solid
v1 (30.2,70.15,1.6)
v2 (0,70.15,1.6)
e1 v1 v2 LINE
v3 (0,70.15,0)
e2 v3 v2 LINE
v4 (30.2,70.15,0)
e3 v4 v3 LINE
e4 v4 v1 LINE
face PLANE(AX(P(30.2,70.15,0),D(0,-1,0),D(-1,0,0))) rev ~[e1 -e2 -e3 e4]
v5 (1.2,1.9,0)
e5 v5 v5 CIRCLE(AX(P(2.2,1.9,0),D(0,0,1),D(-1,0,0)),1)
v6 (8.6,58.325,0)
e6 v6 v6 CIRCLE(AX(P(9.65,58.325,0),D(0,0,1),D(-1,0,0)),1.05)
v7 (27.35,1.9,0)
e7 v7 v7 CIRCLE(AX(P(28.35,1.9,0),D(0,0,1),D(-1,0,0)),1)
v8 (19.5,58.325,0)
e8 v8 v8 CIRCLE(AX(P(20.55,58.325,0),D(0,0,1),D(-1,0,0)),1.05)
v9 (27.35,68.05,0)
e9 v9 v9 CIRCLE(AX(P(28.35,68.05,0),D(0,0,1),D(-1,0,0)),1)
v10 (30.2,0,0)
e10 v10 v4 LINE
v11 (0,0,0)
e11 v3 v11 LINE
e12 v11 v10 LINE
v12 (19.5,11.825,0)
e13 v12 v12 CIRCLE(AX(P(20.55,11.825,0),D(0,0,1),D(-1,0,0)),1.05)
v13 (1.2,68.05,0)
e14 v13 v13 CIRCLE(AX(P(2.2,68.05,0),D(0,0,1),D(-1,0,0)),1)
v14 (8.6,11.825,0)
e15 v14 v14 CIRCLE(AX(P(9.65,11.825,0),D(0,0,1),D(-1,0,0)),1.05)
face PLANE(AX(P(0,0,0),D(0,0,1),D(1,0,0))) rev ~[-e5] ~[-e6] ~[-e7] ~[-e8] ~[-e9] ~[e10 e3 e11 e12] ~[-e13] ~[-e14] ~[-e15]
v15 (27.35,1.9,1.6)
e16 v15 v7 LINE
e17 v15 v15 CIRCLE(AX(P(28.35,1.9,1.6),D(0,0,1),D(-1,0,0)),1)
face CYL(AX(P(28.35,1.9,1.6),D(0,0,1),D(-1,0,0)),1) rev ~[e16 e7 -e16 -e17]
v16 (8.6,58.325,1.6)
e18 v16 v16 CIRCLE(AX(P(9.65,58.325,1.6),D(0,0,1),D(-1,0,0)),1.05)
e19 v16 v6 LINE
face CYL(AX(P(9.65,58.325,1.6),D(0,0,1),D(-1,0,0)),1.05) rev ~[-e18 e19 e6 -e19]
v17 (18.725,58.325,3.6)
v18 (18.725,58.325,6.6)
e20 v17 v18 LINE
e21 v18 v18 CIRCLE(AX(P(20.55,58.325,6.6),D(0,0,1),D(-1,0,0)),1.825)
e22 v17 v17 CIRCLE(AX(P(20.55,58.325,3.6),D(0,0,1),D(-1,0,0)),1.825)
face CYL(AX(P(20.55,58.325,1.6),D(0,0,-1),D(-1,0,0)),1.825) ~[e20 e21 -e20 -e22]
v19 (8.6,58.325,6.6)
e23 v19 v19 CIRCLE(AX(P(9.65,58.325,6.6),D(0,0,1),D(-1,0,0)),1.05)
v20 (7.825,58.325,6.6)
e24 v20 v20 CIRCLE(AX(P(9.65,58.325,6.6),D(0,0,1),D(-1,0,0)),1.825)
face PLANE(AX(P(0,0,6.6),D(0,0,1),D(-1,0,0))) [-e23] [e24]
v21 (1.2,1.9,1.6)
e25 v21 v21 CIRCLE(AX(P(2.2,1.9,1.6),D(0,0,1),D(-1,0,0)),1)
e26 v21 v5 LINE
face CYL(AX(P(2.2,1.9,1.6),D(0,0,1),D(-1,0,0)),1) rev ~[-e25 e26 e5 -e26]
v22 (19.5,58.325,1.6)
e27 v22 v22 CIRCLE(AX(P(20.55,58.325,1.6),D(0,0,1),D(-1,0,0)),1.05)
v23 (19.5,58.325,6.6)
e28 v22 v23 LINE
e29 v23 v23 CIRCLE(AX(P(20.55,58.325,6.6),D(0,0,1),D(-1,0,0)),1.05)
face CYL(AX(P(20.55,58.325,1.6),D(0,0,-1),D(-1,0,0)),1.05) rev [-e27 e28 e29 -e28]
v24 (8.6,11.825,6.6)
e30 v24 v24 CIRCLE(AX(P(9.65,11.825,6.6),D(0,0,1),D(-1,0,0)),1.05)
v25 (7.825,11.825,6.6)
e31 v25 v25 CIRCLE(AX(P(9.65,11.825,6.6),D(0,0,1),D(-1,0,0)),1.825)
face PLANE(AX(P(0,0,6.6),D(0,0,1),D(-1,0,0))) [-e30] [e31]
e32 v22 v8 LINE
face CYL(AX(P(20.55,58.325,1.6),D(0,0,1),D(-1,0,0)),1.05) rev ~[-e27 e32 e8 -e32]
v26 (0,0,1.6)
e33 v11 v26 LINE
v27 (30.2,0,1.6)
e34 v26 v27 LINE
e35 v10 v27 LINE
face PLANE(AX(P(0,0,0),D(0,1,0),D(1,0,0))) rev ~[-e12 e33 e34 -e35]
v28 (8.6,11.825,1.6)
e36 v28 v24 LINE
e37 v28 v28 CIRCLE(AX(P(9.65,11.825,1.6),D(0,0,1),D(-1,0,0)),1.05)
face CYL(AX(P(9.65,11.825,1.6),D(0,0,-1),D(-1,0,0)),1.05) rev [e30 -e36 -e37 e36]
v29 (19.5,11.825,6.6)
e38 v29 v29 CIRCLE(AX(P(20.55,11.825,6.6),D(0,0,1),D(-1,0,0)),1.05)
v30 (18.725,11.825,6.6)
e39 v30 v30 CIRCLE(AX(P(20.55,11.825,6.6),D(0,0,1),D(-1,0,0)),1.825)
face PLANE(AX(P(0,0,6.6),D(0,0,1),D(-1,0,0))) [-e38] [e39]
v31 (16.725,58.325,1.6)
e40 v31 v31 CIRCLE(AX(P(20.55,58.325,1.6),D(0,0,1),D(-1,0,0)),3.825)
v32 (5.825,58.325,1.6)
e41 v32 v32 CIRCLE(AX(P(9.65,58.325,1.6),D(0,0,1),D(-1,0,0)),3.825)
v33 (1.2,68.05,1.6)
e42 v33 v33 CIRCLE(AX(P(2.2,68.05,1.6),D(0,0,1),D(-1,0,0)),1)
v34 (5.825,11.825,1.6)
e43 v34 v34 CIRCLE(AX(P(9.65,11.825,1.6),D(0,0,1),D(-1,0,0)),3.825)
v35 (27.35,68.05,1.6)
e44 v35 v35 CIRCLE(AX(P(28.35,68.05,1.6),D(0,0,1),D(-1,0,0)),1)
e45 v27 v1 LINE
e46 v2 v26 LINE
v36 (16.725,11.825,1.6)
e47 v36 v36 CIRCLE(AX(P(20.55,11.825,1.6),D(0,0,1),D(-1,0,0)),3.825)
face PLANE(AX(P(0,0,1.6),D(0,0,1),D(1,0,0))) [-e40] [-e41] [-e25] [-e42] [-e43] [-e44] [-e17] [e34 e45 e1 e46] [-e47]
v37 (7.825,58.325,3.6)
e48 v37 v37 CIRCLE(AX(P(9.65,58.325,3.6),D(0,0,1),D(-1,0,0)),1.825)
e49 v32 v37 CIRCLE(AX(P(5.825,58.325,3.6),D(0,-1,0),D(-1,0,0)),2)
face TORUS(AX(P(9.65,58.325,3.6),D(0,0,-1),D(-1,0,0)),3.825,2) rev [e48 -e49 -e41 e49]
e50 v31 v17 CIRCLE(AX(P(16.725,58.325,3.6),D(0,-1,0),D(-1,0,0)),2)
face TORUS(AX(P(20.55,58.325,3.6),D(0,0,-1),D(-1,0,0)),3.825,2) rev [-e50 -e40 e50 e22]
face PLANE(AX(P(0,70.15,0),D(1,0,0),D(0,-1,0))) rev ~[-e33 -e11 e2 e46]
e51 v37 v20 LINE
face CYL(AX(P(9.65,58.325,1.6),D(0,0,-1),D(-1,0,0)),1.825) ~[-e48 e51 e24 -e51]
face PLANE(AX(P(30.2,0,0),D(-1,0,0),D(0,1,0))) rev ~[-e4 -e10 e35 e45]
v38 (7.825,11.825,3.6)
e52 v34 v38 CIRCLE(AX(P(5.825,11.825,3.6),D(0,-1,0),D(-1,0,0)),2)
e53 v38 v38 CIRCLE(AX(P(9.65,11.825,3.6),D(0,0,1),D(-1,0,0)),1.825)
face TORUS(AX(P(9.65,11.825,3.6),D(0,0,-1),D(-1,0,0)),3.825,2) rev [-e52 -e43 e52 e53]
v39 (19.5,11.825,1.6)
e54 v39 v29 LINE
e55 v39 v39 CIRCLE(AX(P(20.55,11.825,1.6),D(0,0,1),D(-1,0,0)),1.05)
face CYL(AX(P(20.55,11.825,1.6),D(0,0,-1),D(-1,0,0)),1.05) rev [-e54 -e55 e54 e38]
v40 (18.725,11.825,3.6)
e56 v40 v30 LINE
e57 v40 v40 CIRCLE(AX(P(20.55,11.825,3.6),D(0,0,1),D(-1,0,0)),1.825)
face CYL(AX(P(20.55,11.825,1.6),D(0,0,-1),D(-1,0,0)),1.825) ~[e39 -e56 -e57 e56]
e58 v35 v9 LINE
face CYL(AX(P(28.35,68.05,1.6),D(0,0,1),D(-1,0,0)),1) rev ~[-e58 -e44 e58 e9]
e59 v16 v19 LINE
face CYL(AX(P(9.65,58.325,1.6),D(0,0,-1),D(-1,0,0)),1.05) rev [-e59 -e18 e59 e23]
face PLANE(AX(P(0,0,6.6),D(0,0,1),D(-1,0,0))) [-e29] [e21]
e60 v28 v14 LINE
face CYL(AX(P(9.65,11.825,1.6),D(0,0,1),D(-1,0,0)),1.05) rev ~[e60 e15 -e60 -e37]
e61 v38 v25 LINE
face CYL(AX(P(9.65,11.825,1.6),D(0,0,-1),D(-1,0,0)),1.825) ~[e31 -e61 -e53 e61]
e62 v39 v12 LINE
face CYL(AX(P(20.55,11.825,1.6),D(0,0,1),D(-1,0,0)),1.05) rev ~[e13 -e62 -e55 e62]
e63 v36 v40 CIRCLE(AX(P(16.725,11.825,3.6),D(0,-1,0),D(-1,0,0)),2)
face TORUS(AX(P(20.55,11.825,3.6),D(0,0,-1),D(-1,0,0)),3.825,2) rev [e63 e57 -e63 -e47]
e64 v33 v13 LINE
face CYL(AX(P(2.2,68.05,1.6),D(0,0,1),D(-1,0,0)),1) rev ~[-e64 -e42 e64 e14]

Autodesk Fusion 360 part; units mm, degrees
sketch "Sketch1" plane through (0, 0, 0) normal (0, 0, 1) x (1, 0, 0)
  line L0 (0, 0) -> (30.2, 0)
  line L1 (30.2, 0) -> (30.2, 70.15)
  line L2 (30.2, 70.15) -> (0, 70.15)
  line L3 (0, 70.15) -> (0, 0)
  dimension "d1" = 30.2
  dimension "d2" = 70.15
extrude "Extrude1" add sketch "Sketch1" along normal blind 1.6
sketch "Sketch3" plane through (0, 0, 1.6) normal (0, 0, 1) x (-1, 0, 0)
  line L0 (0, -70.15) -> (0, 0)
  line L1 (0, 0) -> (-30.2, 0)
  line L2 (-30.2, 0) -> (-30.2, -70.15)
  line L3 (-30.2, -70.15) -> (0, -70.15)
  circle A0 centre (-2.2, -68.05) radius 1
  circle A1 centre (-28.35, -68.05) radius 1
  circle A2 centre (-2.2, -1.9) radius 1
  circle A3 centre (-28.35, -1.9) radius 1
  dimension "d7" = 2
  dimension "d12" = -26.15
  dimension "d13" = 66.15
  dimension "d16" = 2.2
  dimension "d17" = 2.1
extrude "Extrude2" cut sketch "Sketch3" against normal blind 1.6 contours A0 | A1 | A2 | A3
sketch "Sketch5" plane through (0, 0, 1.6) normal (0, 0, 1) x (-1, 0, 0)
  circle A0 centre (-2.2, -1.9) radius 1
  circle A1 centre (-28.35, -68.05) radius 1
  circle A2 centre (-28.35, -1.9) radius 1
  circle A3 centre (-2.2, -68.05) radius 1
  line L0 (0, -70.15) -> (0, 0)
  line L1 (0, 0) -> (-30.2, 0)
  line L2 (-30.2, 0) -> (-30.2, -70.15)
  line L3 (-30.2, -70.15) -> (0, -70.15)
  line L4 (-9.65, -58.325) -> (-20.55, -58.325) construction
  line L5 (-20.55, -58.325) -> (-20.55, -11.825) construction
  line L6 (-20.55, -11.825) -> (-9.65, -11.825) construction
  line L7 (-9.65, -11.825) -> (-9.65, -58.325) construction
  line L8 (-15.1, -70.15) -> (-15.1, 0) construction
  line L9 (0, -35.075) -> (-30.2, -35.075) construction
  line L10 (-9.65, -35.075) -> (-20.55, -35.075) construction
  line L11 (-15.1, -58.325) -> (-15.1, -11.825) construction
  circle A4 centre (-9.65, -58.325) radius 1.05
  circle A5 centre (-20.55, -58.325) radius 1.05
  circle A6 centre (-9.65, -11.825) radius 1.05
  circle A7 centre (-20.55, -11.825) radius 1.05
  dimension "d18" = 46.5
  dimension "d19" = 10.9
  dimension "d20" = 2.1
  dimension "d39" = -10.9
  dimension "d40" = 46.5
extrude "Extrude3" cut sketch "Sketch5" against normal up to surface (1.6 mm away) contours A4 | A5 | A6 | A7
sketch "Sketch6" plane through (0, 0, 1.6) normal (0, 0, 1) x (-1, 0, 0)
  line L0 (0, -70.15) -> (0, 0)
  line L1 (0, 0) -> (-30.2, 0)
  line L2 (-30.2, 0) -> (-30.2, -70.15)
  line L3 (-30.2, -70.15) -> (0, -70.15)
  circle A0 centre (-2.2, -68.05) radius 1
  circle A1 centre (-28.35, -1.9) radius 1
  circle A2 centre (-28.35, -68.05) radius 1
  circle A3 centre (-2.2, -1.9) radius 1
  circle A4 centre (-9.65, -58.325) radius 1.05
  circle A5 centre (-9.65, -58.325) radius 1.05
  circle A6 centre (-9.65, -58.325) radius 1.825
  circle A7 centre (-20.55, -58.325) radius 1.05
  circle A8 centre (-9.65, -11.825) radius 1.05
  circle A9 centre (-20.55, -11.825) radius 1.05
  circle A10 centre (-20.55, -58.325) radius 1.05
  circle A11 centre (-20.55, -58.325) radius 1.825
  circle A12 centre (-9.65, -11.825) radius 1.05
  circle A13 centre (-9.65, -11.825) radius 1.825
  circle A14 centre (-20.55, -11.825) radius 1.05
  circle A15 centre (-20.55, -11.825) radius 1.825
  dimension "d27" = 3.65
  dimension "d28" = 2.1
  dimension "d43" = -10.9
  dimension "d44" = 46.5
extrude "Extrude4" add sketch "Sketch6" along normal blind 5 contours A6 | A11 | A13 | A15
fillet "Fillet1" radius 2 4 edges at (22.2515, 57.6651, 1.6) (11.3515, 57.6651, 1.6) (22.2515, 11.1651, 1.6) (11.3515, 11.1651, 1.6)
